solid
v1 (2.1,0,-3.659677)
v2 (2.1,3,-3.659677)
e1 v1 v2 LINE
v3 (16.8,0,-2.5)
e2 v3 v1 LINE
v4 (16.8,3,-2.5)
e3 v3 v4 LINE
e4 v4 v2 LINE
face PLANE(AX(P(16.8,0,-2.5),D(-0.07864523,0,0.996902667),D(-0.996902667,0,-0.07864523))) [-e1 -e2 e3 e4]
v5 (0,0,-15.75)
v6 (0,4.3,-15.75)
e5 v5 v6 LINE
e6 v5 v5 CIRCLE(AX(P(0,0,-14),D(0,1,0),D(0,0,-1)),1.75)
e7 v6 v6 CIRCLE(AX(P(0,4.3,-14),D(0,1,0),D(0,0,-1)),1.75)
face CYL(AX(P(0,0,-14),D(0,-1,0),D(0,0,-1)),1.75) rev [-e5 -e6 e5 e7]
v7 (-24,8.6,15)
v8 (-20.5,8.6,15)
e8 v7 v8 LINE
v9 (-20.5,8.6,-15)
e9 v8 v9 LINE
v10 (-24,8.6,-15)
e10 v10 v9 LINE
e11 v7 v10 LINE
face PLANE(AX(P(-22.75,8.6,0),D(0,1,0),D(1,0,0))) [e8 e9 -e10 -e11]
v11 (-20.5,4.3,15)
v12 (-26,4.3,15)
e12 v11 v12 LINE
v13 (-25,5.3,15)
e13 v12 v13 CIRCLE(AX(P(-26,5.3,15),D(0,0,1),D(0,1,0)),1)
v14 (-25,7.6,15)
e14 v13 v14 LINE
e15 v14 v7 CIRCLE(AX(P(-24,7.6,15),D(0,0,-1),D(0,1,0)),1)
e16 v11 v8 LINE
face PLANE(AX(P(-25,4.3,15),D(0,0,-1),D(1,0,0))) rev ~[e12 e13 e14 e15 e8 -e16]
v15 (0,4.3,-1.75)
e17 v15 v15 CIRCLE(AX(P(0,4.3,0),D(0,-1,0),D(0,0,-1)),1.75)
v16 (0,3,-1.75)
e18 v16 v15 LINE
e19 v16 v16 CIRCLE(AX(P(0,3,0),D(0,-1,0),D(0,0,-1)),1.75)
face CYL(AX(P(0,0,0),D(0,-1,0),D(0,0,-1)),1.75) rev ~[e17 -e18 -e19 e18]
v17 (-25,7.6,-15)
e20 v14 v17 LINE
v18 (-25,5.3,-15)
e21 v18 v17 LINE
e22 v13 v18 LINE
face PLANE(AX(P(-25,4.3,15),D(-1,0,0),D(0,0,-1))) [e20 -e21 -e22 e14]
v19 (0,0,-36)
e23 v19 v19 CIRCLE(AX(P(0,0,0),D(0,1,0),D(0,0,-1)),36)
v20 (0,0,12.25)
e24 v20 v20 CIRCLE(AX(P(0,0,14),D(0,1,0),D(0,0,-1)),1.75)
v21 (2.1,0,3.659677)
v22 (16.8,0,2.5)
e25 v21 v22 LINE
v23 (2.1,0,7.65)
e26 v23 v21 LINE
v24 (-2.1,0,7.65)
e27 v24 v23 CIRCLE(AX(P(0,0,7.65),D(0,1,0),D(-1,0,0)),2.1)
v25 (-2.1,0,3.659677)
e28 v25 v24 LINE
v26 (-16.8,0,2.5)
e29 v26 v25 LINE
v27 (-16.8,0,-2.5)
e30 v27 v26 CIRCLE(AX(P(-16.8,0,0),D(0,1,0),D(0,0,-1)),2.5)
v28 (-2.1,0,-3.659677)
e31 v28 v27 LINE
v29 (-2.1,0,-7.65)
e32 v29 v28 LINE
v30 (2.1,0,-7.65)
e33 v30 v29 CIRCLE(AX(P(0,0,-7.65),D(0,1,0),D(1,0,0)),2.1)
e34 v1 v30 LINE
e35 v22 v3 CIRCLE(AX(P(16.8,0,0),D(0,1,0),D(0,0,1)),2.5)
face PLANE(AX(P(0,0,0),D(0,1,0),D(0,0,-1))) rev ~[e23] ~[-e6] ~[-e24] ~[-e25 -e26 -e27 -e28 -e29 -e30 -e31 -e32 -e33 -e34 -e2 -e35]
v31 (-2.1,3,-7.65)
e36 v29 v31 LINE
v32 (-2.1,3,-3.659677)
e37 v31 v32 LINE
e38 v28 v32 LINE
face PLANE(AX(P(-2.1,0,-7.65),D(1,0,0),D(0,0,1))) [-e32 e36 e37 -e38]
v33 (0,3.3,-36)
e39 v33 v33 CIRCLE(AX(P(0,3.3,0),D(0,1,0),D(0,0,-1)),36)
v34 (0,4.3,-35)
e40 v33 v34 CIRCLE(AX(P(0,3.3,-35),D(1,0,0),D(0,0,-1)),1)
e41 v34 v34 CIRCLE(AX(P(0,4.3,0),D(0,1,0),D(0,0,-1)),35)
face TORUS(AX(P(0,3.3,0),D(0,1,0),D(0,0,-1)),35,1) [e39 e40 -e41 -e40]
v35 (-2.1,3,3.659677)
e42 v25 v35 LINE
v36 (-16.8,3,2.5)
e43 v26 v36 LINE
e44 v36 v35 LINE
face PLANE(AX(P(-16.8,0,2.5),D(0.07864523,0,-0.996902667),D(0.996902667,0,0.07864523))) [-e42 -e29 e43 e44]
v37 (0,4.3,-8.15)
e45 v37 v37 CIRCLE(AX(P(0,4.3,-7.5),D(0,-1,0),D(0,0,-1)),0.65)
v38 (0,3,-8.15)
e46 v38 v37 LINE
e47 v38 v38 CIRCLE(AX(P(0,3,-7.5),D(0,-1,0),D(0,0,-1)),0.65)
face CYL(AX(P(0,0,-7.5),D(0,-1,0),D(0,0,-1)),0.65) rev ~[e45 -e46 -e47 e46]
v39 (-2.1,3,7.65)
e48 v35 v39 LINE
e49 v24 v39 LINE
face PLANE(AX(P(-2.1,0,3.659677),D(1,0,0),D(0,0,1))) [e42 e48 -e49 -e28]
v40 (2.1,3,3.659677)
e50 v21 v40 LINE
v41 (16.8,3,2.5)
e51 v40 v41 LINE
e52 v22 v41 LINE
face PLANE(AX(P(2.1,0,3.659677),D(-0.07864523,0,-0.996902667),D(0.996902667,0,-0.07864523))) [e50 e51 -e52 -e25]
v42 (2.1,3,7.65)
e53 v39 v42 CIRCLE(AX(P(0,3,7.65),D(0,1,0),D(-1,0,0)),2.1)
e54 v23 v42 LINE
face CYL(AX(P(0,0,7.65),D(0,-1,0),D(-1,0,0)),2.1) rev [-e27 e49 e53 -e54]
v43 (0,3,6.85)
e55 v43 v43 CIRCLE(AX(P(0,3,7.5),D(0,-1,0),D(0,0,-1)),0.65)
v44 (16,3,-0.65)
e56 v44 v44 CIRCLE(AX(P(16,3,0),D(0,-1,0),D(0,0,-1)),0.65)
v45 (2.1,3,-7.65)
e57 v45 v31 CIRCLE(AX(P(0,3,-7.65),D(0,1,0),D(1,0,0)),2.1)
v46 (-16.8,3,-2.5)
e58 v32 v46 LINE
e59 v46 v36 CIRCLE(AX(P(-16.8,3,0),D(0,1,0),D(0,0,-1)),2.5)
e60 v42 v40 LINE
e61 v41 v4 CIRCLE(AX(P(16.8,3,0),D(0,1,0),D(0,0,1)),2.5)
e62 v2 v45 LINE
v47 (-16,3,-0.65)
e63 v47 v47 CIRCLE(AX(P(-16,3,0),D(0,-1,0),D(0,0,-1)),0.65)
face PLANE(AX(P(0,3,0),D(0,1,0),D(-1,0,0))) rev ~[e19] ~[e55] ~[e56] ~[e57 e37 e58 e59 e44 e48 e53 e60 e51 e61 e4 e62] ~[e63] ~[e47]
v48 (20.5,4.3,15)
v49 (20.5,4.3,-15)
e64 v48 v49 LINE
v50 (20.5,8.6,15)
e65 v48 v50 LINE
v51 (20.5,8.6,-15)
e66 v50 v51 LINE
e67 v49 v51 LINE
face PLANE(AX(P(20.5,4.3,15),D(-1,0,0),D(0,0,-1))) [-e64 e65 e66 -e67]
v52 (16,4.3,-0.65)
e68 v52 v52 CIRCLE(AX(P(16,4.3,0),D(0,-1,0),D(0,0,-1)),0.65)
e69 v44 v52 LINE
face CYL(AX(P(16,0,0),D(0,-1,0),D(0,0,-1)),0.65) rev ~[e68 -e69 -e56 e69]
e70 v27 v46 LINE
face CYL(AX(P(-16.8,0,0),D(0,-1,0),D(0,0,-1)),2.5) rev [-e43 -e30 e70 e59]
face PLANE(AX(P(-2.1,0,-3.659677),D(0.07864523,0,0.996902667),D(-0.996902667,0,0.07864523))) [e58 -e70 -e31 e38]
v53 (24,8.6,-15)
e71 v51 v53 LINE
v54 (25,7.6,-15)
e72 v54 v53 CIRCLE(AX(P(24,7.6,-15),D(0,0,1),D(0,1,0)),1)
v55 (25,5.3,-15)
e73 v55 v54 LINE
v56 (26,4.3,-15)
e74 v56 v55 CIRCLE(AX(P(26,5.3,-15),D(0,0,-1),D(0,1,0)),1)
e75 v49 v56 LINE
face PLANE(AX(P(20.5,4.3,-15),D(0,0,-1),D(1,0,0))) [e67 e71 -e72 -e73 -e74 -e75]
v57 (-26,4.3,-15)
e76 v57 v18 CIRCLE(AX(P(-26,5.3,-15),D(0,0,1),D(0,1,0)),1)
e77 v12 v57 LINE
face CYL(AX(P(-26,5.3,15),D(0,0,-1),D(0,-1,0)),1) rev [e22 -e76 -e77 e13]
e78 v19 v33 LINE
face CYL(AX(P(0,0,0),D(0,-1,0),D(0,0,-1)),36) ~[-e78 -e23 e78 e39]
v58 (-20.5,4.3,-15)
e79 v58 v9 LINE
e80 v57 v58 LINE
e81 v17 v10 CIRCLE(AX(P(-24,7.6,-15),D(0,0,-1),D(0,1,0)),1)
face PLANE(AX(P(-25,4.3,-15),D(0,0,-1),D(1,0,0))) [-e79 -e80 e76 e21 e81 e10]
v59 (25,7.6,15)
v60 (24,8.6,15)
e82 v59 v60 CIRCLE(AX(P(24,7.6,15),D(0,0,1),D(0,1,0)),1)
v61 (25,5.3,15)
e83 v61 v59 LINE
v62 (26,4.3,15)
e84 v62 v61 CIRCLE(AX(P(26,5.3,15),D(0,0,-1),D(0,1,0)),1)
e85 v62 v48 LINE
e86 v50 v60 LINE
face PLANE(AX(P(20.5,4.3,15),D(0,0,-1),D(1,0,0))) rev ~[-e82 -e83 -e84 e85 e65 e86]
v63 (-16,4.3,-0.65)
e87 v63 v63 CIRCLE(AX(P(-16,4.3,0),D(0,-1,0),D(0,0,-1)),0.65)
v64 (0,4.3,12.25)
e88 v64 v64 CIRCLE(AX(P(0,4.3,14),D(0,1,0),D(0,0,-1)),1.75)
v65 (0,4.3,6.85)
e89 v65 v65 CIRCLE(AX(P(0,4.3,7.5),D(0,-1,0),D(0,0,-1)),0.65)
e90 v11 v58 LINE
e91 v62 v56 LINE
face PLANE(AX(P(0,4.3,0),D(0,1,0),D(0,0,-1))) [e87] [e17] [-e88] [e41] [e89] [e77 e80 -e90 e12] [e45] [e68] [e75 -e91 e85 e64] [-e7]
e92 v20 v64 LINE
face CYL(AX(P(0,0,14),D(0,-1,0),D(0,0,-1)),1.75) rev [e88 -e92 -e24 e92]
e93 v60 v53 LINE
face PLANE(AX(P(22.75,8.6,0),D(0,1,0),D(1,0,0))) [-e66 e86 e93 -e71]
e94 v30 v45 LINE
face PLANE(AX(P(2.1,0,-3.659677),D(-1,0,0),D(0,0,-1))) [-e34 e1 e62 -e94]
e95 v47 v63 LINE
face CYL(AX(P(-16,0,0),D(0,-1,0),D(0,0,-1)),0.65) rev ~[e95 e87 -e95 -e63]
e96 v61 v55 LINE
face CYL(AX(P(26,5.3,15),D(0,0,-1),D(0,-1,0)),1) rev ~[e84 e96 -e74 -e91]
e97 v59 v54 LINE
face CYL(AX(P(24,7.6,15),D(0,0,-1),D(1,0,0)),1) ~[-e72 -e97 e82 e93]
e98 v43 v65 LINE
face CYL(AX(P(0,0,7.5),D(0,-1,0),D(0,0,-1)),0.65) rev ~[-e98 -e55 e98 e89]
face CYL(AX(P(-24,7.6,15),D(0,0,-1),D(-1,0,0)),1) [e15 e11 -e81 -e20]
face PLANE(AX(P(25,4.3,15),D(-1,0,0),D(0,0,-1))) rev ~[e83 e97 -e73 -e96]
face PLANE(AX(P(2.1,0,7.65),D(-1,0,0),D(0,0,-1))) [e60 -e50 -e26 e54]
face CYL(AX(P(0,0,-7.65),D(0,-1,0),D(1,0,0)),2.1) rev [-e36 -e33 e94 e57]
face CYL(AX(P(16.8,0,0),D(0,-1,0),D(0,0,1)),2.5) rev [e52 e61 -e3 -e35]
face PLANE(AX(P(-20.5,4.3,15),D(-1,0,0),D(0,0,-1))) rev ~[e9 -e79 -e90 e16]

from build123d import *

# Parameters (mm, degrees)
CROQUIS1_R              = 36
CROQUIS1_R_2            = 1.75
SALIENTE_EXTRUIR1_DEPTH = 4.3
CROQUIS2_W              = 4.5
CROQUIS2_H              = 30
SALIENTE_EXTRUIR2_DEPTH = 4.3
REDONDEO1_R             = 1
CORTAR_EXTRUIR1_DEPTH   = 3
CROQUIS4_R              = 1.75
CORTAR_EXTRUIR2_DEPTH   = 10
CROQUIS5_R              = 0.65
CORTAR_EXTRUIR3_DEPTH   = 10


with BuildPart() as part:
    # Croquis1 → Saliente-Extruir1 (new body)
    with BuildSketch(Plane(origin=(0, 0, 0), x_dir=(1, 0, 0), z_dir=(0, 1, 0))):
        with Locations(Location((0, 0, 0), (0, 0, 90))):
            Circle(CROQUIS1_R)
        with Locations(Location((0, 14, 0), (0, 0, 90))):
            Circle(CROQUIS1_R_2, mode=Mode.SUBTRACT)
        with Locations(Location((0, -14, 0), (0, 0, 90))):
            Circle(CROQUIS1_R_2, mode=Mode.SUBTRACT)
    extrude(amount=SALIENTE_EXTRUIR1_DEPTH)

    # Croquis2 → Saliente-Extruir2 (add)
    with BuildSketch(Plane(origin=(0, 4.3, 0), x_dir=(1, 0, 0), z_dir=(0, 1, 0))):
        with Locations((22.75, 0)):
            Rectangle(CROQUIS2_W, CROQUIS2_H)
        with Locations((-22.75, 0)):
            Rectangle(CROQUIS2_W, CROQUIS2_H)
    extrude(amount=SALIENTE_EXTRUIR2_DEPTH)

    # Redondeo1
    redondeo1_edges = [part.edges().sort_by_distance(p)[0] for p in [
        (25, 4.3, 0),
        (25, 8.6, 0),
        (-25, 4.3, 0),
        (-25, 8.6, 0),
        (0, 4.3, 36),
    ]]
    fillet(redondeo1_edges, radius=REDONDEO1_R)

    # Croquis3 → Cortar-Extruir1 (cut)
    with BuildSketch(Plane.XZ):
        with BuildLine():
            Line((2.1, 3.659676792), (16.8, 2.5))
            ThreePointArc((16.8, 2.5), (19.3, 0), (16.8, -2.5))
            Line((16.8, -2.5), (2.1, -3.659676792))
            Line((2.1, -3.659676792), (2.1, -7.65))
            ThreePointArc((2.1, -7.65), (0, -9.75), (-2.1, -7.65))
            Line((-2.1, -7.65), (-2.1, -3.659676792))
            Line((-2.1, -3.659676792), (-16.8, -2.5))
            ThreePointArc((-16.8, -2.5), (-19.3, 0), (-16.8, 2.5))
            Line((-16.8, 2.5), (-2.1, 3.659676792))
            Line((-2.1, 3.659676792), (-2.1, 7.65))
            ThreePointArc((-2.1, 7.65), (0, 9.75), (2.1, 7.65))
            Line((2.1, 7.65), (2.1, 3.659676792))
        make_face()
    extrude(amount=-CORTAR_EXTRUIR1_DEPTH, mode=Mode.SUBTRACT)

    # Croquis4 → Cortar-Extruir2 (cut)
    with BuildSketch(Plane.XZ):
        with Locations(Location((0, 0, 0), (0, 0, 270))):
            Circle(CROQUIS4_R)
    extrude(amount=-CORTAR_EXTRUIR2_DEPTH, mode=Mode.SUBTRACT)

    # Croquis5 → Cortar-Extruir3 (cut)
    with BuildSketch(Plane.XZ):
        with Locations(Location((16, 0, 0), (0, 0, 270))):
            Circle(CROQUIS5_R)
        with Locations(Location((-16, 0, 0), (0, 0, 270))):
            Circle(CROQUIS5_R)
        with Locations(Location((0, 7.5, 0), (0, 0, 270))):
            Circle(CROQUIS5_R)
        with Locations(Location((0, -7.5, 0), (0, 0, 270))):
            Circle(CROQUIS5_R)
    extrude(amount=-CORTAR_EXTRUIR3_DEPTH, mode=Mode.SUBTRACT)


solid = part.part
